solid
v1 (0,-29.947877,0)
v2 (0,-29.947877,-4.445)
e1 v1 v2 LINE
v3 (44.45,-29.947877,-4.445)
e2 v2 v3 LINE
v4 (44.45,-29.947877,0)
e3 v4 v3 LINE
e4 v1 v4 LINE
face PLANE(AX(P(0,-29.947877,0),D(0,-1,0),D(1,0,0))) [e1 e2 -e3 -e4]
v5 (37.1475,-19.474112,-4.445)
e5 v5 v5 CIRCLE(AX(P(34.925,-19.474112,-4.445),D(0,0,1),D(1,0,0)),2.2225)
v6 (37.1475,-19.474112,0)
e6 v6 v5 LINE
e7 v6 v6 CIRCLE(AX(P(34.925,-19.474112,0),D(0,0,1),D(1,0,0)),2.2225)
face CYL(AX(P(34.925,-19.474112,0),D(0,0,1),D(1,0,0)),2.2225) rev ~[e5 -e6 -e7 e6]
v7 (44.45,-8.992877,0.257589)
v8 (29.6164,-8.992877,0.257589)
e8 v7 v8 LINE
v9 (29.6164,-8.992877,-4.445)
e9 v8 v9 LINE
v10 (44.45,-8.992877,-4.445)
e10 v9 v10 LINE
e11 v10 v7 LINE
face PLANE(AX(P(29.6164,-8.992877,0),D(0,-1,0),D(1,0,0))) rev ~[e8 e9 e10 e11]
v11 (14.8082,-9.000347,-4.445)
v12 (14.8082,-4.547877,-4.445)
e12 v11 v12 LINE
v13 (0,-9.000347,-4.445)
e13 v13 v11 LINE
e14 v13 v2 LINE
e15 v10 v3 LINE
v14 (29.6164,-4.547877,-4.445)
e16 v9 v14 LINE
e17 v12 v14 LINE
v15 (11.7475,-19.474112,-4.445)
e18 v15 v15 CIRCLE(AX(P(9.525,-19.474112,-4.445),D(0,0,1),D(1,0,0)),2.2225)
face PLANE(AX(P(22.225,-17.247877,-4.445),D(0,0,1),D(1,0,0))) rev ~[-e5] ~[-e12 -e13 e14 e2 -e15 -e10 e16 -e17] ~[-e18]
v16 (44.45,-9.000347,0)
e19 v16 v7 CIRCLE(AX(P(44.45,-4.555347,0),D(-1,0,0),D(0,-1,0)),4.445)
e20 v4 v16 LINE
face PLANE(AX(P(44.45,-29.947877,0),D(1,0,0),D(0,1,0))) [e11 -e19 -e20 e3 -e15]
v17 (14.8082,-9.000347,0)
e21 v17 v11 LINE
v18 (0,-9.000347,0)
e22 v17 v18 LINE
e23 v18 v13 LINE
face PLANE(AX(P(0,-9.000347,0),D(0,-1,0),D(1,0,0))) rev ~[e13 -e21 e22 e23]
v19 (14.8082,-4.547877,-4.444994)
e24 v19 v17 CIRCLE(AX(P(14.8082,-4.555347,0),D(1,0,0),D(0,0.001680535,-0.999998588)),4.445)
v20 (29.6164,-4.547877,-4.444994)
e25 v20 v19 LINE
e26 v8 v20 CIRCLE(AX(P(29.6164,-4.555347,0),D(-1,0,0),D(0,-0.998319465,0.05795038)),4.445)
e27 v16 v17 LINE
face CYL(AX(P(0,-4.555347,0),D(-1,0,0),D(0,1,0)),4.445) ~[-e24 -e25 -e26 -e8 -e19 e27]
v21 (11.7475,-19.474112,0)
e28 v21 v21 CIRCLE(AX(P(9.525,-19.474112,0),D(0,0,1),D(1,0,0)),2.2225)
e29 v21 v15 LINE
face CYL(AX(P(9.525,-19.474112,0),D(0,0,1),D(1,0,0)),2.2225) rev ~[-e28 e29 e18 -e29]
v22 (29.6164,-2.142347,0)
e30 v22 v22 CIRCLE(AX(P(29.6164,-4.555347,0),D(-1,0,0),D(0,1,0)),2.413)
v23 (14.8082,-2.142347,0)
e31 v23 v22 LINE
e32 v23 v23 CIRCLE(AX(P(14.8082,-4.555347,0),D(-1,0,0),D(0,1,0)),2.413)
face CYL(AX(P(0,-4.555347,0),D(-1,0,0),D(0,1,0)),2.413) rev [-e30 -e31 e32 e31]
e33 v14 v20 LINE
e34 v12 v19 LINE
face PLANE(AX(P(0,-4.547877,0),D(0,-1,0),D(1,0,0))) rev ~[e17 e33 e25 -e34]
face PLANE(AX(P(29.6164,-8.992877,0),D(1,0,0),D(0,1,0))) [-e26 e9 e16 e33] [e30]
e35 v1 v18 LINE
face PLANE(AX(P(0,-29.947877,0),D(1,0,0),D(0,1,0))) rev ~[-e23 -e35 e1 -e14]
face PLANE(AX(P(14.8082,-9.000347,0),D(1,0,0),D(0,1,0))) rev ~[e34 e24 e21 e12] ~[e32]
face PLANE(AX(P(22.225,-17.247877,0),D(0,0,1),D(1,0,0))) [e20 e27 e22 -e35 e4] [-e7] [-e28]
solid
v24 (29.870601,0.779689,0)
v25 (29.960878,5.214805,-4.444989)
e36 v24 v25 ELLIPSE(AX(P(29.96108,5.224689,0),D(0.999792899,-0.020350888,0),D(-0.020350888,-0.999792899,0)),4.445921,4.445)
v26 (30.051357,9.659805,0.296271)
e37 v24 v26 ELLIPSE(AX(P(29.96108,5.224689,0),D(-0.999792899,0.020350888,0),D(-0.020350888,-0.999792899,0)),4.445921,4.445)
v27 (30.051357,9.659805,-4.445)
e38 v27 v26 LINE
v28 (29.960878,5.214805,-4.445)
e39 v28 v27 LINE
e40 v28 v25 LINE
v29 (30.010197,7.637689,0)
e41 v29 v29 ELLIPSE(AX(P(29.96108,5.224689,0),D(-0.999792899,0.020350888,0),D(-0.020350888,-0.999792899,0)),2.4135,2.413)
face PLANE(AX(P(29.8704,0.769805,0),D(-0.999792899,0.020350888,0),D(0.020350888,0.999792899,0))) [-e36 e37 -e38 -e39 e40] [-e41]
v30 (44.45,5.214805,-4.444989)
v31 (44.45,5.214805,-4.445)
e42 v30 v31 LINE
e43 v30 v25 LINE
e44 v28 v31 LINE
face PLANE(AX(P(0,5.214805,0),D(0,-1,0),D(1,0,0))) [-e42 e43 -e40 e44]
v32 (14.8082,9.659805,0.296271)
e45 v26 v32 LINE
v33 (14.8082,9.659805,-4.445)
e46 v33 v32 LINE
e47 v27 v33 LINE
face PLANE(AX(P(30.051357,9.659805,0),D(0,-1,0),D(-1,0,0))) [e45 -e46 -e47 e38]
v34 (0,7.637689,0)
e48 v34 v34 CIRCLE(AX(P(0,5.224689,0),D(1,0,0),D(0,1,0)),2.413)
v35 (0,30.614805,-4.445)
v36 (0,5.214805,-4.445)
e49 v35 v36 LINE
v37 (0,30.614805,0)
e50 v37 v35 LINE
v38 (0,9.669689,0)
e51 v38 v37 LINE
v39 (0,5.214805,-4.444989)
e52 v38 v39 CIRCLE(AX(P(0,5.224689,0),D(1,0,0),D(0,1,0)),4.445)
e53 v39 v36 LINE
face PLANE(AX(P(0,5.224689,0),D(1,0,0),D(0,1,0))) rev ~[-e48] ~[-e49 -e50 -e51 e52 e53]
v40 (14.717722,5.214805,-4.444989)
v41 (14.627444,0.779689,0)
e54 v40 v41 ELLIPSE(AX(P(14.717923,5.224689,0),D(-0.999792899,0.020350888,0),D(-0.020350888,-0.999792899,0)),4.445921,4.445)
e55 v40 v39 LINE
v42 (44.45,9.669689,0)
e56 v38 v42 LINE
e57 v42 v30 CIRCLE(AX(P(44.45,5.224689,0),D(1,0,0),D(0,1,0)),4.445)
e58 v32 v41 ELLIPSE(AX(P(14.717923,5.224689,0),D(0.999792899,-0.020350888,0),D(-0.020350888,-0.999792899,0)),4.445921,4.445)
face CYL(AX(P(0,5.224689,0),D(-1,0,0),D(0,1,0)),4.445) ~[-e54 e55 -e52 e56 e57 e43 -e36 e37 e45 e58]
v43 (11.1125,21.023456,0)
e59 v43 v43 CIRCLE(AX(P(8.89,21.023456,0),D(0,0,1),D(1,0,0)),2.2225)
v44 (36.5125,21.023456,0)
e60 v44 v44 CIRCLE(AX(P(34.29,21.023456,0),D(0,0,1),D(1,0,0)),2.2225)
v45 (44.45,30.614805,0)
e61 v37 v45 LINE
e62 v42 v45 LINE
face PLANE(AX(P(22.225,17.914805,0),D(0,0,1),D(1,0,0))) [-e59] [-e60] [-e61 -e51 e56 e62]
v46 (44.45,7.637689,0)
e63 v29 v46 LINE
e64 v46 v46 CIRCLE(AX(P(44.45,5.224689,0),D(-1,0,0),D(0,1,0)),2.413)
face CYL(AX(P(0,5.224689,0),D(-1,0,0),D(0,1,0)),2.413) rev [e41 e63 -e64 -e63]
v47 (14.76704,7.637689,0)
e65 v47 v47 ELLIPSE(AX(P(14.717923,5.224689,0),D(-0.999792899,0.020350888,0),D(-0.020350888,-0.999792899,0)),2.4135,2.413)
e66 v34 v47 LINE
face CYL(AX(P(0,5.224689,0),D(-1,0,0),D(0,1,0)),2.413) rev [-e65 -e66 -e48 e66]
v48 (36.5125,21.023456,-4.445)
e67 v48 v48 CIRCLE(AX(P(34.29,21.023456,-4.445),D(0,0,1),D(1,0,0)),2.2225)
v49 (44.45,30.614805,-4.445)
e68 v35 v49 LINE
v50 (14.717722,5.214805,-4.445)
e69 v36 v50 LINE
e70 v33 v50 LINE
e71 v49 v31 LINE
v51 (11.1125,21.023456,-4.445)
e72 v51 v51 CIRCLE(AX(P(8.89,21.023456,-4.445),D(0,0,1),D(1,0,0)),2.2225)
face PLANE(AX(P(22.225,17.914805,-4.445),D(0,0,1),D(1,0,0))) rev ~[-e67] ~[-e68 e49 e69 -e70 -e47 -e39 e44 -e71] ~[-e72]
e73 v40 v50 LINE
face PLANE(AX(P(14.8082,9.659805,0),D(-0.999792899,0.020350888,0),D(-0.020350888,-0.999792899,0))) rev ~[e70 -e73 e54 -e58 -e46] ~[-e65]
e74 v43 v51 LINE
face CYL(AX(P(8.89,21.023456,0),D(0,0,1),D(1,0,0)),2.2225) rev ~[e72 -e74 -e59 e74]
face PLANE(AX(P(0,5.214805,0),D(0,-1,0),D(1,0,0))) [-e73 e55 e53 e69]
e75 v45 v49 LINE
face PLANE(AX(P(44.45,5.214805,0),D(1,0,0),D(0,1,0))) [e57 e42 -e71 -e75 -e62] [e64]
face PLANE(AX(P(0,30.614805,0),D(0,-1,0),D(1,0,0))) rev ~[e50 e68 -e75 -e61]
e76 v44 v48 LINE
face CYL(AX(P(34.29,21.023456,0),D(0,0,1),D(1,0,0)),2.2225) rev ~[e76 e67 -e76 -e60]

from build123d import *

# Parameters (mm, degrees)
F0_W           = 44.45
F0_H           = 25.4
F2_DEPTH       = 4.445
F3_DEPTH       = 4.445
F1_R           = 4.445
F4_DEPTH       = 44.45
F6_W           = 14.8082
F6_H           = 8.89
F6_W_2         = 14.859
F7_DEPTH       = 5.08
F7_DEPTH_BACK  = 5.08
F8_DEPTH       = 5.08
F8_DEPTH_BACK  = 5.08
F9_R           = 2.413
F10_DEPTH      = 44.451
F11_R          = 2.413
F12_DEPTH      = 44.451
F13_R          = 2.2225
F14_DEPTH      = 4.446
F14_DEPTH_BACK = 4.446
F15_R          = 2.2225
F16_DEPTH      = 4.446


with BuildPart() as f2:
    # F0 (on Top) → F2 (new body)
    with BuildSketch(Plane.XY):
        with Locations((22.225, 17.9148047835)):
            Rectangle(F0_W, F0_H)
    extrude(amount=-F2_DEPTH)


with BuildPart() as f3:
    # F0 (on Top) → F3 (new body)
    with BuildSketch(Plane.XY):
        with Locations((22.225, -17.2478769302)):
            Rectangle(F0_W, F0_H)
    extrude(amount=-F3_DEPTH)


with BuildPart() as f4:
    # F1 (on Right) → F4 (new body)
    with BuildSketch(Plane.YZ):
        with Locations((5.2246893756, 0)):
            Circle(F1_R)
    extrude(amount=F4_DEPTH)


with BuildPart() as f4b:
    # F1 (on Right) → F4, piece 2 (new body)
    with BuildSketch(Plane.YZ):
        with Locations((-4.5553469099, 0)):
            Circle(F1_R)
    extrude(amount=F4_DEPTH)


with BuildPart() as f4_1:
    add(f4.part)

    # F5: union F2, F4b, F3
    add(f2.part)
    add(f4b.part)
    add(f3.part)

    # F6 (on Top) → F7 (cut, two sides)
    with BuildSketch(Plane.XY) as f7_sk:
        with Locations((7.4041, -4.5553469099)):
            Rectangle(F6_W, F6_H)
        with Locations((37.0459, -4.5478769302)):
            Rectangle(F6_W_2, F6_H)
    extrude(amount=-F7_DEPTH, mode=Mode.SUBTRACT)
    extrude(f7_sk.sketch, amount=F7_DEPTH_BACK, mode=Mode.SUBTRACT)

    # F6 (on Top) → F8 (cut, two sides)
    with BuildSketch(Plane.XY) as f8_sk:
        Polygon((30.0513568694, 9.6598047835), (14.8082, 9.6598047835), (14.6272431306, 0.7698047835), (29.8704, 0.7698047835), align=None)
    extrude(amount=-F8_DEPTH, mode=Mode.SUBTRACT)
    extrude(f8_sk.sketch, amount=F8_DEPTH_BACK, mode=Mode.SUBTRACT)

    # F9 (on face) → F10 (cut, through all)
    with BuildSketch(Plane.YZ):
        with Locations((-4.5553469099, 0)):
            Circle(F9_R)
    extrude(amount=F10_DEPTH, mode=Mode.SUBTRACT)

    # F11 (on face) → F12 (cut, through all)
    with BuildSketch(Plane.YZ):
        with Locations((5.2246893756, 0)):
            Circle(F11_R)
    extrude(amount=F12_DEPTH, mode=Mode.SUBTRACT)

    # F13 (on face) → F14 (cut, two sides)
    with BuildSketch(Plane.XY) as f14_sk:
        with Locations((8.89, 21.0234560072)):
            Circle(F13_R)
        with Locations((34.29, 21.0234560072)):
            Circle(F13_R)
    extrude(amount=-F14_DEPTH, mode=Mode.SUBTRACT)
    extrude(f14_sk.sketch, amount=F14_DEPTH_BACK, mode=Mode.SUBTRACT)

    # F15 (on face) → F16 (cut, through all)
    with BuildSketch(Plane.XY):
        with Locations((34.925, -19.4741119201)):
            Circle(F15_R)
        with Locations((9.525, -19.4741119201)):
            Circle(F15_R)
    extrude(amount=-F16_DEPTH, mode=Mode.SUBTRACT)


solid = f4_1.part
